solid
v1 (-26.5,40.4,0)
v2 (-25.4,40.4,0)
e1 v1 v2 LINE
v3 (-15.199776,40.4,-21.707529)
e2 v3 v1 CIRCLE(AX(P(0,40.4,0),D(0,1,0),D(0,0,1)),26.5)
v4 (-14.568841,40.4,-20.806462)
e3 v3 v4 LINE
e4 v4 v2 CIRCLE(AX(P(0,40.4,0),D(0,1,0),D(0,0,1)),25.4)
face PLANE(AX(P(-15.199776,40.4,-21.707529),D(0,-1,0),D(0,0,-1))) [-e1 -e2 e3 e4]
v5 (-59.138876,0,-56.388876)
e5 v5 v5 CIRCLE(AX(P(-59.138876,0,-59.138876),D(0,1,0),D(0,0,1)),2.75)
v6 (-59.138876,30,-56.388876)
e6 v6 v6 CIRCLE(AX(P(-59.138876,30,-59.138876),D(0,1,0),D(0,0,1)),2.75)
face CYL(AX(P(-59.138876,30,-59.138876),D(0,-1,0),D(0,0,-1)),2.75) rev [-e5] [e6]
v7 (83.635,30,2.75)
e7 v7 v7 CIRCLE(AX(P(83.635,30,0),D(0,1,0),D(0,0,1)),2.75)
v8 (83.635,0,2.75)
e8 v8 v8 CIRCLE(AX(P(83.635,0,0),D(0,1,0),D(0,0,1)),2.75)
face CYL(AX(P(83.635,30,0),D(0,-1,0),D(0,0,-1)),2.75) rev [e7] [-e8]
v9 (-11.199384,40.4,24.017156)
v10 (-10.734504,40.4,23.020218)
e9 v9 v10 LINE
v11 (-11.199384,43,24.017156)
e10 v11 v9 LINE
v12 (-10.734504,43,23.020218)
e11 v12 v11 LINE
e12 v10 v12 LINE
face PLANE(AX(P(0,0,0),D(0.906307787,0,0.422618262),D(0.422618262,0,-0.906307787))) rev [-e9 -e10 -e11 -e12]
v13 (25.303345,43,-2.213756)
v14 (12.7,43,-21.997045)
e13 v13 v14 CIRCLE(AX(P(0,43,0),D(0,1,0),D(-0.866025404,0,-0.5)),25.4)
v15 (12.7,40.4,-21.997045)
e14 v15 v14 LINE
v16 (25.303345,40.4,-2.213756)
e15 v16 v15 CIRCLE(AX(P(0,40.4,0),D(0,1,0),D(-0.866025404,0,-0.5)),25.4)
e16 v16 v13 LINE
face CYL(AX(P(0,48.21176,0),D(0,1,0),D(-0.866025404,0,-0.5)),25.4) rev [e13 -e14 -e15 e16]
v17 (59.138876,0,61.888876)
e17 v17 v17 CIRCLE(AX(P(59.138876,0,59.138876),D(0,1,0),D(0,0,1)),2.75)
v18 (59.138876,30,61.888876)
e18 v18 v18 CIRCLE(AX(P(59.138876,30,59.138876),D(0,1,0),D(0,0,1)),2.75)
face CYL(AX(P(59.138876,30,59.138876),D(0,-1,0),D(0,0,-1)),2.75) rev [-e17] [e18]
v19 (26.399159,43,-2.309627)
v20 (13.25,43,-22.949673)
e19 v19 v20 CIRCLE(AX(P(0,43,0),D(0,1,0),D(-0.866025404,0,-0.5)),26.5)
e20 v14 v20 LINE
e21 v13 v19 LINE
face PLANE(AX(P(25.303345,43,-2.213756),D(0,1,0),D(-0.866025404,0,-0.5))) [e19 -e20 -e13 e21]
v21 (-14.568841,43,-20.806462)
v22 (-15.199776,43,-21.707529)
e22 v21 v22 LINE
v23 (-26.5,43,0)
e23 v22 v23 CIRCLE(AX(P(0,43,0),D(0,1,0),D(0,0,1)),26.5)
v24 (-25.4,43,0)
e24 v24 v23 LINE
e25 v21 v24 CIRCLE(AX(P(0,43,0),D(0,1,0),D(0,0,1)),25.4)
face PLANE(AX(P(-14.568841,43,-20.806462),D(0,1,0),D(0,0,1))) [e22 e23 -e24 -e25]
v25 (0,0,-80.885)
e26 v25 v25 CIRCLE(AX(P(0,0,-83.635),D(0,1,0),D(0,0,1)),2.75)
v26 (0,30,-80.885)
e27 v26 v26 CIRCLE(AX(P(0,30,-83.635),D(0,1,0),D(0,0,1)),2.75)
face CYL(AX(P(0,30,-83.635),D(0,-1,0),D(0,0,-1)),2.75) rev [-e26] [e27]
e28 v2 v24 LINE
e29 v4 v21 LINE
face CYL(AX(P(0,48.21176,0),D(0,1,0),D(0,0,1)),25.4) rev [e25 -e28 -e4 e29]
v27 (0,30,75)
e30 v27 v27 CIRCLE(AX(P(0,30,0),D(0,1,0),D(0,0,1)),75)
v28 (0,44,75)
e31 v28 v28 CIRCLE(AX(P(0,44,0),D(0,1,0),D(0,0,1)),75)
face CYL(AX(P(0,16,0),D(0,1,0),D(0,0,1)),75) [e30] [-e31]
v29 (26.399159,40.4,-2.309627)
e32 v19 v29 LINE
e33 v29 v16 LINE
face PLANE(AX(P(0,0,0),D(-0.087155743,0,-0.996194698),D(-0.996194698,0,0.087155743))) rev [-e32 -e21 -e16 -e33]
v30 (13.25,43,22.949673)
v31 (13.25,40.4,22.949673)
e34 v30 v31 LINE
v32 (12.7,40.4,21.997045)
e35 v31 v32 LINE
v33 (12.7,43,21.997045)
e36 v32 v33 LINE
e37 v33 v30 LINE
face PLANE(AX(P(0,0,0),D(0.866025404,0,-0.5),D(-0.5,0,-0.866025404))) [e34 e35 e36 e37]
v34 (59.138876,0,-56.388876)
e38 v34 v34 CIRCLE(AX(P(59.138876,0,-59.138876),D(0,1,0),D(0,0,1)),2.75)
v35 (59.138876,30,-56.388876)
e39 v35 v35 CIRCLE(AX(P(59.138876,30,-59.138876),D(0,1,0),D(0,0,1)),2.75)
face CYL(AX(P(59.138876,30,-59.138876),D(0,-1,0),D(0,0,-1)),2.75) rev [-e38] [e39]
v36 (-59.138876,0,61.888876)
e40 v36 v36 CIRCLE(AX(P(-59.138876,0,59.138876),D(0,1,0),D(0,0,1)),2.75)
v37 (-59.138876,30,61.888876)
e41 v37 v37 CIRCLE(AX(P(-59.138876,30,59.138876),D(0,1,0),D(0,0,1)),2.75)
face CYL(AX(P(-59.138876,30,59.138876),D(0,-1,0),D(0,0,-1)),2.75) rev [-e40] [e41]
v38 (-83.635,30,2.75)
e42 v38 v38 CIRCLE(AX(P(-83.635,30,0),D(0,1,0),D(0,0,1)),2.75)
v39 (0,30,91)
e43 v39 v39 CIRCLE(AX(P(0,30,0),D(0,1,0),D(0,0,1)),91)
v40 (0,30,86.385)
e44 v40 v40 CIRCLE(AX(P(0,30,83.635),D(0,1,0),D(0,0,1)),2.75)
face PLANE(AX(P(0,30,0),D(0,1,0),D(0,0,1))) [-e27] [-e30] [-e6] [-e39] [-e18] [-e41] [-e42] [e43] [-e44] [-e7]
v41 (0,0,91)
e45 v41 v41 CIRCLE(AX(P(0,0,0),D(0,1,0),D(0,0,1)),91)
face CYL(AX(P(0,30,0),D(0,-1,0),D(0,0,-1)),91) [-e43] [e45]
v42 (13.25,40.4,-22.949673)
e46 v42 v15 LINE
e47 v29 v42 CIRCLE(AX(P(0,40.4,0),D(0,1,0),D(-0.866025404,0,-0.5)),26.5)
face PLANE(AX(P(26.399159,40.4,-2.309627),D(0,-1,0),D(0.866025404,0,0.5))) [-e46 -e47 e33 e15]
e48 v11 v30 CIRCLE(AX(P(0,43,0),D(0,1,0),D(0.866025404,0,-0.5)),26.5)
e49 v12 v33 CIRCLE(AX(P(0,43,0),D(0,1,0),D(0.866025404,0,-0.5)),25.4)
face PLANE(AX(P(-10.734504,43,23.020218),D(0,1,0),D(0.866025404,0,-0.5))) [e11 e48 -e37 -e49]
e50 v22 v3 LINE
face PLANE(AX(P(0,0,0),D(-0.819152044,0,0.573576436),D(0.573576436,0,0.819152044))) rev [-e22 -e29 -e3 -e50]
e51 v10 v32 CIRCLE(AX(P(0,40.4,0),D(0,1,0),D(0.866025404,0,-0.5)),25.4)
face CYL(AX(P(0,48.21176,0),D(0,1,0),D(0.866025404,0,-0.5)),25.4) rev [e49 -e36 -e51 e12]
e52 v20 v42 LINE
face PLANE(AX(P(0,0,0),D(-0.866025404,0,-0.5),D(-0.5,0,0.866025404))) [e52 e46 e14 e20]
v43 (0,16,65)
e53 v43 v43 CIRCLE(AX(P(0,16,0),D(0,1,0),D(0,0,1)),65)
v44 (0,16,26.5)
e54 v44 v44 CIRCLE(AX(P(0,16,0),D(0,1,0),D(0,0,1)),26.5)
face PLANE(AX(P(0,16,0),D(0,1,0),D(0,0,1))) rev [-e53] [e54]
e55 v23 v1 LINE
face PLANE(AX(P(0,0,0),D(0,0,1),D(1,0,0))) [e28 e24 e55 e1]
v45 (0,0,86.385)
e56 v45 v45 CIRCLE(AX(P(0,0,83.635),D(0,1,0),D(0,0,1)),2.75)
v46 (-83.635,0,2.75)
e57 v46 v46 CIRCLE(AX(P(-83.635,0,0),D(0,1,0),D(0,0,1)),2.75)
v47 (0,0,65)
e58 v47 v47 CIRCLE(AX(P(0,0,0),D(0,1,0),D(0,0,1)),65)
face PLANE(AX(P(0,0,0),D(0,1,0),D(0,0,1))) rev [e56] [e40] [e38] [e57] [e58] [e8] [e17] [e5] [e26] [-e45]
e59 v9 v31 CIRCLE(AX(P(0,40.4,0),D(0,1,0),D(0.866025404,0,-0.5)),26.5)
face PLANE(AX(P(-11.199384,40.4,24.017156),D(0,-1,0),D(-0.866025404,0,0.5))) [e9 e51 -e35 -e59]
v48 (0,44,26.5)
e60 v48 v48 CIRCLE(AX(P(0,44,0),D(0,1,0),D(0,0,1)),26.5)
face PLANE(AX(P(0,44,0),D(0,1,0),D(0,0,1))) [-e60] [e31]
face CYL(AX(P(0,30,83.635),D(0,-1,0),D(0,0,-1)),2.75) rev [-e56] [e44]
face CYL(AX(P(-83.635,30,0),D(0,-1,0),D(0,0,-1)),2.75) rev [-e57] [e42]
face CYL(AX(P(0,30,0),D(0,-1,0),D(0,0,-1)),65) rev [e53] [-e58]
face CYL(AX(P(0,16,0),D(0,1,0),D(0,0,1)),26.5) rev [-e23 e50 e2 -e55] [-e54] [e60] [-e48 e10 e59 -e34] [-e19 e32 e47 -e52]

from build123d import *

# Parameters (mm, degrees)
SKETCH1_R                = 91
SKETCH1_R_2              = 65
SKETCH1_R_3              = 2.75
BOSS_EXTRUDE1_DEPTH      = 30
BOSS_EXTRUDE2_DEPTH      = 14
BOSS_EXTRUDE2_DEPTH_BACK = 14
SKETCH2_R                = 75
SKETCH2_R_2              = 26.5
SKETCH5_W                = 1.1
SKETCH5_H                = 2.6
REVOLVE1_ANGLE           = 55
CIRPATTERN1_COUNT        = 3


with BuildPart() as part:
    # Sketch1 → Boss-Extrude1 (new body)
    with BuildSketch(Plane(origin=(0, 0, 0), x_dir=(1, 0, 0), z_dir=(0, 1, 0))):
        with Locations(Location((0, 0, 0), (0, 0, 270))):
            Circle(SKETCH1_R)
        with Locations(Location((0, 0, 0), (0, 0, 270))):
            Circle(SKETCH1_R_2, mode=Mode.SUBTRACT)
        with Locations(Location((0, 83.635, 0), (0, 0, 270))):
            Circle(SKETCH1_R_3, mode=Mode.SUBTRACT)
        with Locations(Location((59.138875645, 59.138875645, 0), (0, 0, 270))):
            Circle(SKETCH1_R_3, mode=Mode.SUBTRACT)
        with Locations(Location((83.635, 0, 0), (0, 0, 270))):
            Circle(SKETCH1_R_3, mode=Mode.SUBTRACT)
        with Locations(Location((59.138875645, -59.138875645, 0), (0, 0, 270))):
            Circle(SKETCH1_R_3, mode=Mode.SUBTRACT)
        with Locations(Location((0, -83.635, 0), (0, 0, 270))):
            Circle(SKETCH1_R_3, mode=Mode.SUBTRACT)
        with Locations(Location((-59.138875645, -59.138875645, 0), (0, 0, 270))):
            Circle(SKETCH1_R_3, mode=Mode.SUBTRACT)
        with Locations(Location((-83.635, 0, 0), (0, 0, 270))):
            Circle(SKETCH1_R_3, mode=Mode.SUBTRACT)
        with Locations(Location((-59.138875645, 59.138875645, 0), (0, 0, 270))):
            Circle(SKETCH1_R_3, mode=Mode.SUBTRACT)
    extrude(amount=BOSS_EXTRUDE1_DEPTH)

    # Sketch2 → Boss-Extrude2 (add, two sides: drawn at the far end of the back side and taken through both)
    with BuildSketch(Plane(origin=(0, 30, 0), x_dir=(1, 0, 0), z_dir=(0, 1, 0)).offset(-BOSS_EXTRUDE2_DEPTH_BACK)):
        with Locations(Location((0, 0, 0), (0, 0, 270))):
            Circle(SKETCH2_R)
        with Locations(Location((0, 0, 0), (0, 0, 270))):
            Circle(SKETCH2_R_2, mode=Mode.SUBTRACT)
    extrude(amount=BOSS_EXTRUDE2_DEPTH + BOSS_EXTRUDE2_DEPTH_BACK)

    # Sketch5 → Revolve1 (revolve)
    with BuildSketch(Plane.XY):
        with Locations((-25.95, 41.7)):
            Rectangle(SKETCH5_W, SKETCH5_H)
    revolve1 = revolve(axis=Axis((0, 48.211759647, 0), (0, -1, 0)), revolution_arc=REVOLVE1_ANGLE)

    # CirPattern1: Revolve1 ×3 about axis
    cirpattern1_axis = Axis((0, 0, 0), (0, 1, 0))
    for i in range(1, CIRPATTERN1_COUNT):
        add(revolve1.rotate(cirpattern1_axis, i * 360 / CIRPATTERN1_COUNT))


solid = part.part
